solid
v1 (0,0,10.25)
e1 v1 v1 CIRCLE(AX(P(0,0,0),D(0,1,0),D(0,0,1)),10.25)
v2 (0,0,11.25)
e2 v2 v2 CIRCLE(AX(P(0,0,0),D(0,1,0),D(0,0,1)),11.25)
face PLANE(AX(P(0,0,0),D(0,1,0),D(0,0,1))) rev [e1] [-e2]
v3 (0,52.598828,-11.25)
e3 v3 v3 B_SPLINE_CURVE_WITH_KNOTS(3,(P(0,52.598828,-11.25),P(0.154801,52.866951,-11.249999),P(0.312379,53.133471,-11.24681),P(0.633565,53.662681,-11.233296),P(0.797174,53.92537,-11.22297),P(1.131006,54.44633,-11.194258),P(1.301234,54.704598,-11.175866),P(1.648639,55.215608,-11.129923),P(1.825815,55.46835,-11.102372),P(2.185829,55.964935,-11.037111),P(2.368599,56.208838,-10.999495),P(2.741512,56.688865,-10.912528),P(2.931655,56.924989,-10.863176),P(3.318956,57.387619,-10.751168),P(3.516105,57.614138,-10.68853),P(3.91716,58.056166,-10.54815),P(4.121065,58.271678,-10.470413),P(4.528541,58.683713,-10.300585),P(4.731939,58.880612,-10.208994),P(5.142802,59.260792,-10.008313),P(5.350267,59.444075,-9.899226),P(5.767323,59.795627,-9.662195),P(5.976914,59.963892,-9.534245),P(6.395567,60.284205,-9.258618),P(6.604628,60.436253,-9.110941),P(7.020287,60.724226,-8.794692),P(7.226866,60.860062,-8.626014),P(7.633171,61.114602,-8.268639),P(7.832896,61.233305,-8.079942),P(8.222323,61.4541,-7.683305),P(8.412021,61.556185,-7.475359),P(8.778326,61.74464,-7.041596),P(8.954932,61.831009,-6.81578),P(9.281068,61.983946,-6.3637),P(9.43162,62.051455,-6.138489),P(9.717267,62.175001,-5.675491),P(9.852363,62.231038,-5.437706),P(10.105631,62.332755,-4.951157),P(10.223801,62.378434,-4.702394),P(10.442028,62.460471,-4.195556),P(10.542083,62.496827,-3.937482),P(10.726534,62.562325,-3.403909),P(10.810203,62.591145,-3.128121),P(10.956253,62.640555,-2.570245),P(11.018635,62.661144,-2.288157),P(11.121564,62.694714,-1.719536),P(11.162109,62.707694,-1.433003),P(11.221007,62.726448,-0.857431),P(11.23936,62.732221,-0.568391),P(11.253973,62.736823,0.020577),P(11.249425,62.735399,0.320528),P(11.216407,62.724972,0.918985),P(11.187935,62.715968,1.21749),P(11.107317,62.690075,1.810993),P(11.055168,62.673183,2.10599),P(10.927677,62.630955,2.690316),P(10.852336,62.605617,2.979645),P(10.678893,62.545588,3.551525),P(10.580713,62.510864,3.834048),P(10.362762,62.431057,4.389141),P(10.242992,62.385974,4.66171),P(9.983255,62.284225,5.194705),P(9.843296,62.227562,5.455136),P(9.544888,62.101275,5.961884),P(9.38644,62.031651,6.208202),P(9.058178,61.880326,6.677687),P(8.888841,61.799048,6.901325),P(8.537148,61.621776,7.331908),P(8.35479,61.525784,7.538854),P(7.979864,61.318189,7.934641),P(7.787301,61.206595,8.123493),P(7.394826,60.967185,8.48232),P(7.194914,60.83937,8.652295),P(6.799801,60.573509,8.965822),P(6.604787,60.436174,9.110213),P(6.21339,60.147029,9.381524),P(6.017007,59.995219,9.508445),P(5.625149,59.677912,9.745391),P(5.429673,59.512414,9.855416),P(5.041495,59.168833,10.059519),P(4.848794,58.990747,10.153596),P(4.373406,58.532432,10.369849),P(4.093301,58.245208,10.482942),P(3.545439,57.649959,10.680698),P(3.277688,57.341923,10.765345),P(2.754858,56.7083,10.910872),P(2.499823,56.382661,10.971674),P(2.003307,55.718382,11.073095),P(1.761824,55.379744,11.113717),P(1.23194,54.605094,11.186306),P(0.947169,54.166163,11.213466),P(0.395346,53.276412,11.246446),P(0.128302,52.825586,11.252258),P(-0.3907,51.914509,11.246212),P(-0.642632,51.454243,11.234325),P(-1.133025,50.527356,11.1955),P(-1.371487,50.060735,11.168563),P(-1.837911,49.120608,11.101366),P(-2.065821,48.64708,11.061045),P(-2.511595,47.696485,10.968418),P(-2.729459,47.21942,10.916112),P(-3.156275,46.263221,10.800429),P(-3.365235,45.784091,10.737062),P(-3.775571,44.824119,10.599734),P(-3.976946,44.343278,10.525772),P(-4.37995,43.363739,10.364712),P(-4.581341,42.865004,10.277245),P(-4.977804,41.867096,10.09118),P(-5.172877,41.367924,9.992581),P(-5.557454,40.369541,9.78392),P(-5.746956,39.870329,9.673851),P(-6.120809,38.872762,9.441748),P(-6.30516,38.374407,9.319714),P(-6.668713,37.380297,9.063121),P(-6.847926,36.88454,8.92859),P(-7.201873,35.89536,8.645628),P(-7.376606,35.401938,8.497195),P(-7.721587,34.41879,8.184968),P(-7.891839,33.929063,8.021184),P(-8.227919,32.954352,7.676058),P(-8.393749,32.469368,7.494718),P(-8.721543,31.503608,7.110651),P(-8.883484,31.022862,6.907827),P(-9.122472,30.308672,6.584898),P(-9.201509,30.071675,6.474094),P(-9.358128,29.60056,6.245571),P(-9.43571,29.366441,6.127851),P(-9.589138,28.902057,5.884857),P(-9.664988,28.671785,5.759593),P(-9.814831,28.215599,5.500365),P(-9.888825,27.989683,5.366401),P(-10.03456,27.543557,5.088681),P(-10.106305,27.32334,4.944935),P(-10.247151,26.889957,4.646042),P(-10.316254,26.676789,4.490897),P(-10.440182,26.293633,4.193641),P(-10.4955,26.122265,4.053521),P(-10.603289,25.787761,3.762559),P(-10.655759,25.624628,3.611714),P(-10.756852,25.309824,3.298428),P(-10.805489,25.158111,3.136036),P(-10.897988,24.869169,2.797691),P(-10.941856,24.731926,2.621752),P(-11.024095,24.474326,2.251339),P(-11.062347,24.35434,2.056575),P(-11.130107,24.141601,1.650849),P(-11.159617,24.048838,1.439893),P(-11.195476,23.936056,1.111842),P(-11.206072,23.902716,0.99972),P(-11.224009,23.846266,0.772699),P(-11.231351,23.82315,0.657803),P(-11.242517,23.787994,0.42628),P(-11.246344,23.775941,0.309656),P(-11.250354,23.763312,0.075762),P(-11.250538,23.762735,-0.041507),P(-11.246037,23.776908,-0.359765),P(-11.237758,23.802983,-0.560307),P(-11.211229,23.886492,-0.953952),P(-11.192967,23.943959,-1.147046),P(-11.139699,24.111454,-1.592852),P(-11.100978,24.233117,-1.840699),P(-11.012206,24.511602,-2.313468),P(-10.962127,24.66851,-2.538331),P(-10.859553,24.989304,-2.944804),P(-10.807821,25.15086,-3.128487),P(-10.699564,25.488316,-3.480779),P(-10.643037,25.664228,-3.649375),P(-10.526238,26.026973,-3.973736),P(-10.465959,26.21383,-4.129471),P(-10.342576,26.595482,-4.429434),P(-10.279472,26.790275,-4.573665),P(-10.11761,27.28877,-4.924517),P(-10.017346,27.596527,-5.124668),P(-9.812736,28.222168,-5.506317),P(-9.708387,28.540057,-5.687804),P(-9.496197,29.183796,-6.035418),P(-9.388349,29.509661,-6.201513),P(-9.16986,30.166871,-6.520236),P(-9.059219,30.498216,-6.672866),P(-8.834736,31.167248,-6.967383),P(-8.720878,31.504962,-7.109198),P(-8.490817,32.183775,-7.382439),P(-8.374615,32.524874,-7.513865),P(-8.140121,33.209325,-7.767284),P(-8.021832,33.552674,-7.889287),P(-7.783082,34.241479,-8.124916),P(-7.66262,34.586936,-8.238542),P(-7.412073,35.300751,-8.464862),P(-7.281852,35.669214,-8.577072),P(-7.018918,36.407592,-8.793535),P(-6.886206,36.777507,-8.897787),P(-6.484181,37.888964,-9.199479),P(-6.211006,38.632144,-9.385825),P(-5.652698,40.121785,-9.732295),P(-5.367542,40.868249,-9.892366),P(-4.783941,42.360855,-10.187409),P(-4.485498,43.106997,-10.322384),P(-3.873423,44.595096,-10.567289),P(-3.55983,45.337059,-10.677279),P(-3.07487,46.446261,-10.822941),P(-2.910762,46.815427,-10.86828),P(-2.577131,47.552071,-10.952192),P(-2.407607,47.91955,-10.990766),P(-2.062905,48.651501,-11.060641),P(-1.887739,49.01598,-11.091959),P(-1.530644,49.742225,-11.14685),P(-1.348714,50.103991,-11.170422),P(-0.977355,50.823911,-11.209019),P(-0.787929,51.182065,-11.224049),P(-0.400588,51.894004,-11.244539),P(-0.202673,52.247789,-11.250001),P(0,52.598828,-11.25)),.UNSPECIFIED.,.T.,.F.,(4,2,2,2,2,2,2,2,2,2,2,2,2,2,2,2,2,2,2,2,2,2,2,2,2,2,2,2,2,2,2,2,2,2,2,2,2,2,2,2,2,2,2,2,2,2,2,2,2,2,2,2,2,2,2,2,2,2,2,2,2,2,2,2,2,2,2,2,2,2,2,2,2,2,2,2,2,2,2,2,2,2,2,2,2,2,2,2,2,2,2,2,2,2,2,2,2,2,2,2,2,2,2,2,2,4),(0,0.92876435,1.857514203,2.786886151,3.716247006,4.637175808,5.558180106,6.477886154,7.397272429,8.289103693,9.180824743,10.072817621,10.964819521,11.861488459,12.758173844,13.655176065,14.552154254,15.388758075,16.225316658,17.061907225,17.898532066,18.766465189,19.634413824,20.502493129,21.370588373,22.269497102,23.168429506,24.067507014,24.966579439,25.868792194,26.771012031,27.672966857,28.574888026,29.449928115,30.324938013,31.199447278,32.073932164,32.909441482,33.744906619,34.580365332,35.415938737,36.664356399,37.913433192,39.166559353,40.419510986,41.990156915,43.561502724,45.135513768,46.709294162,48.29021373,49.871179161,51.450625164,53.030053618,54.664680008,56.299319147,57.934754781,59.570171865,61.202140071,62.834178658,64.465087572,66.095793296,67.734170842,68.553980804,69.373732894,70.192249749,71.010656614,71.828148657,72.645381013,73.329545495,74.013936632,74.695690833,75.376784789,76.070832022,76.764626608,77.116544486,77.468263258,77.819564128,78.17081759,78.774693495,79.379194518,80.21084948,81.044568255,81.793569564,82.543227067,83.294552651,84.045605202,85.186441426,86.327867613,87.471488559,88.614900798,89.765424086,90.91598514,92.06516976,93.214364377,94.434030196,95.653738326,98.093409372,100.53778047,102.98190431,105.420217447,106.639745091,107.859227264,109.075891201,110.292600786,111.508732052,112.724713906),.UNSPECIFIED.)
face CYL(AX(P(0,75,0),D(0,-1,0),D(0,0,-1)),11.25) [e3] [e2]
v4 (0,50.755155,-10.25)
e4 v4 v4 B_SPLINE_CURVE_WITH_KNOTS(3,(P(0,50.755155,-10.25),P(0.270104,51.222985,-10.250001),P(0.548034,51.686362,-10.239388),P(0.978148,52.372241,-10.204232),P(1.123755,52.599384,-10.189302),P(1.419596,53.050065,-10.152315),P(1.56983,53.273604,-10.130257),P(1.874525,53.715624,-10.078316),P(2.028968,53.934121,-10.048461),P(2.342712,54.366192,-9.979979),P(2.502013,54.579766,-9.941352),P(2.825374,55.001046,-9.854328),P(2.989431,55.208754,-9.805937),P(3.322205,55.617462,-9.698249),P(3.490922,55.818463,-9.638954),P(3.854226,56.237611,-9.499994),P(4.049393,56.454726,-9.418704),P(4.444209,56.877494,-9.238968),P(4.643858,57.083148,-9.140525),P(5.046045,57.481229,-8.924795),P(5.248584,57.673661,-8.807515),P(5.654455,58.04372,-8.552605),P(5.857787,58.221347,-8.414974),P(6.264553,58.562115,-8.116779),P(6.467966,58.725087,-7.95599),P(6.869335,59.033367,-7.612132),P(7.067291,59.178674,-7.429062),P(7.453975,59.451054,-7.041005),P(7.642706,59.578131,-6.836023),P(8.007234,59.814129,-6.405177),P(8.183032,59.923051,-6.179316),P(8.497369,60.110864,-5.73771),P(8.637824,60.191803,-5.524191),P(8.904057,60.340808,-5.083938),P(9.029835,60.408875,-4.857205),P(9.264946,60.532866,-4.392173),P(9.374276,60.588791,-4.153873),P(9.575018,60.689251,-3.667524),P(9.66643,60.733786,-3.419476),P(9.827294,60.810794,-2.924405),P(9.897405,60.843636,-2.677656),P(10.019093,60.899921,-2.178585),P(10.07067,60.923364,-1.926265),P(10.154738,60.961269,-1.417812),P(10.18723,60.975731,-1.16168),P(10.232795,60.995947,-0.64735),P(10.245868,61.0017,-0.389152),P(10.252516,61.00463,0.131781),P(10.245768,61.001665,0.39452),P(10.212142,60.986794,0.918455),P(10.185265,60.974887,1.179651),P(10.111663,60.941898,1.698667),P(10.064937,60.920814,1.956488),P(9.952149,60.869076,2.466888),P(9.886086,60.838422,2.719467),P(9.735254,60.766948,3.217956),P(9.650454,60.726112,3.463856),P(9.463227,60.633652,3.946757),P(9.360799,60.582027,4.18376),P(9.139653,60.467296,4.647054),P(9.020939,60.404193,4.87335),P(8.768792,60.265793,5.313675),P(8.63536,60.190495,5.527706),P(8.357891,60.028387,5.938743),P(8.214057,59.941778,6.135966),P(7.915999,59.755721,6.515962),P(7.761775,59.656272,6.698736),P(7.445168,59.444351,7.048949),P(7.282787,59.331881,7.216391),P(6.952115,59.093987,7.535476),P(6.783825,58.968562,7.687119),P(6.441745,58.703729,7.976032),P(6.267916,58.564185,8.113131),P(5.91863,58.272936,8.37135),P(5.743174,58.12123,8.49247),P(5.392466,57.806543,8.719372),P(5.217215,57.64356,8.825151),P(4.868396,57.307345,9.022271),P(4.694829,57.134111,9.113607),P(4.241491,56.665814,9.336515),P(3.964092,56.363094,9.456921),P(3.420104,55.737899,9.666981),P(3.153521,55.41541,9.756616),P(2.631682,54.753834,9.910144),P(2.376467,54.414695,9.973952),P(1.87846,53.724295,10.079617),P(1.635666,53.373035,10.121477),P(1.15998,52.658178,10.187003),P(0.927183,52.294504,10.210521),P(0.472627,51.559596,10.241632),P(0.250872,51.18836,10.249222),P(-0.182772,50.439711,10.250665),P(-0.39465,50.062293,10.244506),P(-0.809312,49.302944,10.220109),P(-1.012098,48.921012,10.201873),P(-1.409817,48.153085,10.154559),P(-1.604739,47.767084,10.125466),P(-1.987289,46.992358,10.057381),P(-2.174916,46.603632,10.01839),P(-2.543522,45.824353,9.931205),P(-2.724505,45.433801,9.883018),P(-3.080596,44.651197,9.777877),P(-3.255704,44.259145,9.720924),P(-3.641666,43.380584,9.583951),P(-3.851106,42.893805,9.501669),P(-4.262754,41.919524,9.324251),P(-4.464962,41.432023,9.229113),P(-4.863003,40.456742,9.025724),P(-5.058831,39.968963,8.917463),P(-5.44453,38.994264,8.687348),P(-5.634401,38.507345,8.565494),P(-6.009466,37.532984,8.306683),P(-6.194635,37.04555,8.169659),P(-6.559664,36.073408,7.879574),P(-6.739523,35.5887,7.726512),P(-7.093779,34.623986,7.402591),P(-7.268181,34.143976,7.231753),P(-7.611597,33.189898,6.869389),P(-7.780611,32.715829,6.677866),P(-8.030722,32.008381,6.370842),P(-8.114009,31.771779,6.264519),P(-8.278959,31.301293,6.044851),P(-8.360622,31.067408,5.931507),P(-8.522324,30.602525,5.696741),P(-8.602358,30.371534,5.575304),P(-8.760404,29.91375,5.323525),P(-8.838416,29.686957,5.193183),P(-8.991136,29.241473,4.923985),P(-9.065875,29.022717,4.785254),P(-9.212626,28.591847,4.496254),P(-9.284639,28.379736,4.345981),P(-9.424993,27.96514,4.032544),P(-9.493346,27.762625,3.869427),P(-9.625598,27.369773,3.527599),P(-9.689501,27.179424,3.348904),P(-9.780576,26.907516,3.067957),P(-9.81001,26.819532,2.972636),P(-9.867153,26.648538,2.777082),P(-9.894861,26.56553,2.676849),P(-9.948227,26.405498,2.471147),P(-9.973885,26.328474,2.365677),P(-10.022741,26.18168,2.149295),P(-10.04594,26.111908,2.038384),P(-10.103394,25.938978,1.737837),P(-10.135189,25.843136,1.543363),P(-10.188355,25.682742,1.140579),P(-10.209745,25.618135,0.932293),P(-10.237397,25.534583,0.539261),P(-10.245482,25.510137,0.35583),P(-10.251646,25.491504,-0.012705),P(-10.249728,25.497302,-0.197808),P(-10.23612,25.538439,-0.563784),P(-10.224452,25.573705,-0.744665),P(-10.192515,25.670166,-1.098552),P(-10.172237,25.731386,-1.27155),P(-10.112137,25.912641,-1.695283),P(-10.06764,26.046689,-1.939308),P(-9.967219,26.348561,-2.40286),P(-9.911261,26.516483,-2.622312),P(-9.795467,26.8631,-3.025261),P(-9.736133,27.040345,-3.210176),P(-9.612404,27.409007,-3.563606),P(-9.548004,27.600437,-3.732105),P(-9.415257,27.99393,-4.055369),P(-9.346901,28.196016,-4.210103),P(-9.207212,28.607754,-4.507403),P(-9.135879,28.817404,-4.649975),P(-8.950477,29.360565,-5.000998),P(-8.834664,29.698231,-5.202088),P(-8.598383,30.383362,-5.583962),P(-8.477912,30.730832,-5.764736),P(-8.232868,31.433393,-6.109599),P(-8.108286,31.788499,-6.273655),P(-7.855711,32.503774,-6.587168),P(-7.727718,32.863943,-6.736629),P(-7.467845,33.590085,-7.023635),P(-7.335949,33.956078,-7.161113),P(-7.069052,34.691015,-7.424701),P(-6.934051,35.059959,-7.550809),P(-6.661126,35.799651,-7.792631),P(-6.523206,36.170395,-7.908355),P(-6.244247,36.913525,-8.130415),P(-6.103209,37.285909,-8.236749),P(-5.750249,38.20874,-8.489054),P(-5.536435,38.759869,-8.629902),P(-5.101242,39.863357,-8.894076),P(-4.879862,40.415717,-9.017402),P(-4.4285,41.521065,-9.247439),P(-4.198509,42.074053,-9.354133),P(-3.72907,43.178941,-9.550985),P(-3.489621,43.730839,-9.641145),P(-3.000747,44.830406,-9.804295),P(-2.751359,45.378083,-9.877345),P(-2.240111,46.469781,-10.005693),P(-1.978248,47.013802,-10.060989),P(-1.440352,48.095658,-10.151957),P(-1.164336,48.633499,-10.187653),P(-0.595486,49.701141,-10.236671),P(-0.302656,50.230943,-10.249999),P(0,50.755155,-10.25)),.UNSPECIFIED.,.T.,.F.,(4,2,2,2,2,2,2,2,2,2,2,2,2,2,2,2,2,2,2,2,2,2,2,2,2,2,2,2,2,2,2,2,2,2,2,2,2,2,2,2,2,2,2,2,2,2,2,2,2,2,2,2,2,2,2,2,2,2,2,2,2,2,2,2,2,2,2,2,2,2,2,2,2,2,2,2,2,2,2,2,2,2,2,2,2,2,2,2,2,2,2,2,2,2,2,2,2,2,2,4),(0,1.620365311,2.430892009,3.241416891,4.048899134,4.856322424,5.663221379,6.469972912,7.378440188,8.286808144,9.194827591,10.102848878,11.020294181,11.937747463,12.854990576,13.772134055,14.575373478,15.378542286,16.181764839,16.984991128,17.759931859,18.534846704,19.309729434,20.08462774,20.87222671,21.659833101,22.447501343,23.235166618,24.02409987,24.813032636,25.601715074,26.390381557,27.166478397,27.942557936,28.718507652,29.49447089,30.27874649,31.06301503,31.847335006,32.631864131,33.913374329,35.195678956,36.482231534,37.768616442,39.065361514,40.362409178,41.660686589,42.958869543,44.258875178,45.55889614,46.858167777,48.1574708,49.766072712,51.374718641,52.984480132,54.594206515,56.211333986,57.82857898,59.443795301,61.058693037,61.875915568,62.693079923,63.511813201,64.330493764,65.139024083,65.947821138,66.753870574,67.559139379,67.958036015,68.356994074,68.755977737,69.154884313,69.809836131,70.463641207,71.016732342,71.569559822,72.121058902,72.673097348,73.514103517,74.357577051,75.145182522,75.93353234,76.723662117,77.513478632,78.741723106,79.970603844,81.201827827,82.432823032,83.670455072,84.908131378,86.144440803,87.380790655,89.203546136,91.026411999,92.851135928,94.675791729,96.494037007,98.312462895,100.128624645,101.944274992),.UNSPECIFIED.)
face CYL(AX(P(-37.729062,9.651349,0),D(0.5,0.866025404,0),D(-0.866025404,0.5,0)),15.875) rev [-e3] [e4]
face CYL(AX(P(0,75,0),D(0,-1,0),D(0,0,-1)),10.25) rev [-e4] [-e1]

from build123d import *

# Parameters (mm, degrees)
SKETCH1_R           = 11.25
SKETCH1_R_2         = 10.25
BOSS_EXTRUDE1_DEPTH = 75
SKETCH3_R           = 15.875


with BuildPart() as part:
    # Sketch1 → Boss-Extrude1 (new body)
    with BuildSketch(Plane(origin=(0, 0, 0), x_dir=(1, 0, 0), z_dir=(0, 1, 0))):
        with Locations(Location((0, 0, 0), (0, 0, 270))):
            Circle(SKETCH1_R)
        with Locations(Location((0, 0, 0), (0, 0, 270))):
            Circle(SKETCH1_R_2, mode=Mode.SUBTRACT)
    extrude(amount=BOSS_EXTRUDE1_DEPTH)

    # Cut-Sweep1: sweep along a path in Sketch2
    with BuildLine(Plane.XY) as cut_sweep1_path:
        Line((-37.729061511, 9.651348541), (15.573851413, 101.974701916))
    # Sketch3 → Cut-Sweep1 (sweep, cut)
    with BuildSketch(Plane(origin=(15.573851413, 101.974701916, 0), x_dir=(0.8660254037844365, -0.5000000000000039, 0), z_dir=(0.5000000000000038, 0.8660254037844364, 0))):
        Circle(SKETCH3_R)
    sweep(path=cut_sweep1_path.line, mode=Mode.SUBTRACT)


solid = part.part
